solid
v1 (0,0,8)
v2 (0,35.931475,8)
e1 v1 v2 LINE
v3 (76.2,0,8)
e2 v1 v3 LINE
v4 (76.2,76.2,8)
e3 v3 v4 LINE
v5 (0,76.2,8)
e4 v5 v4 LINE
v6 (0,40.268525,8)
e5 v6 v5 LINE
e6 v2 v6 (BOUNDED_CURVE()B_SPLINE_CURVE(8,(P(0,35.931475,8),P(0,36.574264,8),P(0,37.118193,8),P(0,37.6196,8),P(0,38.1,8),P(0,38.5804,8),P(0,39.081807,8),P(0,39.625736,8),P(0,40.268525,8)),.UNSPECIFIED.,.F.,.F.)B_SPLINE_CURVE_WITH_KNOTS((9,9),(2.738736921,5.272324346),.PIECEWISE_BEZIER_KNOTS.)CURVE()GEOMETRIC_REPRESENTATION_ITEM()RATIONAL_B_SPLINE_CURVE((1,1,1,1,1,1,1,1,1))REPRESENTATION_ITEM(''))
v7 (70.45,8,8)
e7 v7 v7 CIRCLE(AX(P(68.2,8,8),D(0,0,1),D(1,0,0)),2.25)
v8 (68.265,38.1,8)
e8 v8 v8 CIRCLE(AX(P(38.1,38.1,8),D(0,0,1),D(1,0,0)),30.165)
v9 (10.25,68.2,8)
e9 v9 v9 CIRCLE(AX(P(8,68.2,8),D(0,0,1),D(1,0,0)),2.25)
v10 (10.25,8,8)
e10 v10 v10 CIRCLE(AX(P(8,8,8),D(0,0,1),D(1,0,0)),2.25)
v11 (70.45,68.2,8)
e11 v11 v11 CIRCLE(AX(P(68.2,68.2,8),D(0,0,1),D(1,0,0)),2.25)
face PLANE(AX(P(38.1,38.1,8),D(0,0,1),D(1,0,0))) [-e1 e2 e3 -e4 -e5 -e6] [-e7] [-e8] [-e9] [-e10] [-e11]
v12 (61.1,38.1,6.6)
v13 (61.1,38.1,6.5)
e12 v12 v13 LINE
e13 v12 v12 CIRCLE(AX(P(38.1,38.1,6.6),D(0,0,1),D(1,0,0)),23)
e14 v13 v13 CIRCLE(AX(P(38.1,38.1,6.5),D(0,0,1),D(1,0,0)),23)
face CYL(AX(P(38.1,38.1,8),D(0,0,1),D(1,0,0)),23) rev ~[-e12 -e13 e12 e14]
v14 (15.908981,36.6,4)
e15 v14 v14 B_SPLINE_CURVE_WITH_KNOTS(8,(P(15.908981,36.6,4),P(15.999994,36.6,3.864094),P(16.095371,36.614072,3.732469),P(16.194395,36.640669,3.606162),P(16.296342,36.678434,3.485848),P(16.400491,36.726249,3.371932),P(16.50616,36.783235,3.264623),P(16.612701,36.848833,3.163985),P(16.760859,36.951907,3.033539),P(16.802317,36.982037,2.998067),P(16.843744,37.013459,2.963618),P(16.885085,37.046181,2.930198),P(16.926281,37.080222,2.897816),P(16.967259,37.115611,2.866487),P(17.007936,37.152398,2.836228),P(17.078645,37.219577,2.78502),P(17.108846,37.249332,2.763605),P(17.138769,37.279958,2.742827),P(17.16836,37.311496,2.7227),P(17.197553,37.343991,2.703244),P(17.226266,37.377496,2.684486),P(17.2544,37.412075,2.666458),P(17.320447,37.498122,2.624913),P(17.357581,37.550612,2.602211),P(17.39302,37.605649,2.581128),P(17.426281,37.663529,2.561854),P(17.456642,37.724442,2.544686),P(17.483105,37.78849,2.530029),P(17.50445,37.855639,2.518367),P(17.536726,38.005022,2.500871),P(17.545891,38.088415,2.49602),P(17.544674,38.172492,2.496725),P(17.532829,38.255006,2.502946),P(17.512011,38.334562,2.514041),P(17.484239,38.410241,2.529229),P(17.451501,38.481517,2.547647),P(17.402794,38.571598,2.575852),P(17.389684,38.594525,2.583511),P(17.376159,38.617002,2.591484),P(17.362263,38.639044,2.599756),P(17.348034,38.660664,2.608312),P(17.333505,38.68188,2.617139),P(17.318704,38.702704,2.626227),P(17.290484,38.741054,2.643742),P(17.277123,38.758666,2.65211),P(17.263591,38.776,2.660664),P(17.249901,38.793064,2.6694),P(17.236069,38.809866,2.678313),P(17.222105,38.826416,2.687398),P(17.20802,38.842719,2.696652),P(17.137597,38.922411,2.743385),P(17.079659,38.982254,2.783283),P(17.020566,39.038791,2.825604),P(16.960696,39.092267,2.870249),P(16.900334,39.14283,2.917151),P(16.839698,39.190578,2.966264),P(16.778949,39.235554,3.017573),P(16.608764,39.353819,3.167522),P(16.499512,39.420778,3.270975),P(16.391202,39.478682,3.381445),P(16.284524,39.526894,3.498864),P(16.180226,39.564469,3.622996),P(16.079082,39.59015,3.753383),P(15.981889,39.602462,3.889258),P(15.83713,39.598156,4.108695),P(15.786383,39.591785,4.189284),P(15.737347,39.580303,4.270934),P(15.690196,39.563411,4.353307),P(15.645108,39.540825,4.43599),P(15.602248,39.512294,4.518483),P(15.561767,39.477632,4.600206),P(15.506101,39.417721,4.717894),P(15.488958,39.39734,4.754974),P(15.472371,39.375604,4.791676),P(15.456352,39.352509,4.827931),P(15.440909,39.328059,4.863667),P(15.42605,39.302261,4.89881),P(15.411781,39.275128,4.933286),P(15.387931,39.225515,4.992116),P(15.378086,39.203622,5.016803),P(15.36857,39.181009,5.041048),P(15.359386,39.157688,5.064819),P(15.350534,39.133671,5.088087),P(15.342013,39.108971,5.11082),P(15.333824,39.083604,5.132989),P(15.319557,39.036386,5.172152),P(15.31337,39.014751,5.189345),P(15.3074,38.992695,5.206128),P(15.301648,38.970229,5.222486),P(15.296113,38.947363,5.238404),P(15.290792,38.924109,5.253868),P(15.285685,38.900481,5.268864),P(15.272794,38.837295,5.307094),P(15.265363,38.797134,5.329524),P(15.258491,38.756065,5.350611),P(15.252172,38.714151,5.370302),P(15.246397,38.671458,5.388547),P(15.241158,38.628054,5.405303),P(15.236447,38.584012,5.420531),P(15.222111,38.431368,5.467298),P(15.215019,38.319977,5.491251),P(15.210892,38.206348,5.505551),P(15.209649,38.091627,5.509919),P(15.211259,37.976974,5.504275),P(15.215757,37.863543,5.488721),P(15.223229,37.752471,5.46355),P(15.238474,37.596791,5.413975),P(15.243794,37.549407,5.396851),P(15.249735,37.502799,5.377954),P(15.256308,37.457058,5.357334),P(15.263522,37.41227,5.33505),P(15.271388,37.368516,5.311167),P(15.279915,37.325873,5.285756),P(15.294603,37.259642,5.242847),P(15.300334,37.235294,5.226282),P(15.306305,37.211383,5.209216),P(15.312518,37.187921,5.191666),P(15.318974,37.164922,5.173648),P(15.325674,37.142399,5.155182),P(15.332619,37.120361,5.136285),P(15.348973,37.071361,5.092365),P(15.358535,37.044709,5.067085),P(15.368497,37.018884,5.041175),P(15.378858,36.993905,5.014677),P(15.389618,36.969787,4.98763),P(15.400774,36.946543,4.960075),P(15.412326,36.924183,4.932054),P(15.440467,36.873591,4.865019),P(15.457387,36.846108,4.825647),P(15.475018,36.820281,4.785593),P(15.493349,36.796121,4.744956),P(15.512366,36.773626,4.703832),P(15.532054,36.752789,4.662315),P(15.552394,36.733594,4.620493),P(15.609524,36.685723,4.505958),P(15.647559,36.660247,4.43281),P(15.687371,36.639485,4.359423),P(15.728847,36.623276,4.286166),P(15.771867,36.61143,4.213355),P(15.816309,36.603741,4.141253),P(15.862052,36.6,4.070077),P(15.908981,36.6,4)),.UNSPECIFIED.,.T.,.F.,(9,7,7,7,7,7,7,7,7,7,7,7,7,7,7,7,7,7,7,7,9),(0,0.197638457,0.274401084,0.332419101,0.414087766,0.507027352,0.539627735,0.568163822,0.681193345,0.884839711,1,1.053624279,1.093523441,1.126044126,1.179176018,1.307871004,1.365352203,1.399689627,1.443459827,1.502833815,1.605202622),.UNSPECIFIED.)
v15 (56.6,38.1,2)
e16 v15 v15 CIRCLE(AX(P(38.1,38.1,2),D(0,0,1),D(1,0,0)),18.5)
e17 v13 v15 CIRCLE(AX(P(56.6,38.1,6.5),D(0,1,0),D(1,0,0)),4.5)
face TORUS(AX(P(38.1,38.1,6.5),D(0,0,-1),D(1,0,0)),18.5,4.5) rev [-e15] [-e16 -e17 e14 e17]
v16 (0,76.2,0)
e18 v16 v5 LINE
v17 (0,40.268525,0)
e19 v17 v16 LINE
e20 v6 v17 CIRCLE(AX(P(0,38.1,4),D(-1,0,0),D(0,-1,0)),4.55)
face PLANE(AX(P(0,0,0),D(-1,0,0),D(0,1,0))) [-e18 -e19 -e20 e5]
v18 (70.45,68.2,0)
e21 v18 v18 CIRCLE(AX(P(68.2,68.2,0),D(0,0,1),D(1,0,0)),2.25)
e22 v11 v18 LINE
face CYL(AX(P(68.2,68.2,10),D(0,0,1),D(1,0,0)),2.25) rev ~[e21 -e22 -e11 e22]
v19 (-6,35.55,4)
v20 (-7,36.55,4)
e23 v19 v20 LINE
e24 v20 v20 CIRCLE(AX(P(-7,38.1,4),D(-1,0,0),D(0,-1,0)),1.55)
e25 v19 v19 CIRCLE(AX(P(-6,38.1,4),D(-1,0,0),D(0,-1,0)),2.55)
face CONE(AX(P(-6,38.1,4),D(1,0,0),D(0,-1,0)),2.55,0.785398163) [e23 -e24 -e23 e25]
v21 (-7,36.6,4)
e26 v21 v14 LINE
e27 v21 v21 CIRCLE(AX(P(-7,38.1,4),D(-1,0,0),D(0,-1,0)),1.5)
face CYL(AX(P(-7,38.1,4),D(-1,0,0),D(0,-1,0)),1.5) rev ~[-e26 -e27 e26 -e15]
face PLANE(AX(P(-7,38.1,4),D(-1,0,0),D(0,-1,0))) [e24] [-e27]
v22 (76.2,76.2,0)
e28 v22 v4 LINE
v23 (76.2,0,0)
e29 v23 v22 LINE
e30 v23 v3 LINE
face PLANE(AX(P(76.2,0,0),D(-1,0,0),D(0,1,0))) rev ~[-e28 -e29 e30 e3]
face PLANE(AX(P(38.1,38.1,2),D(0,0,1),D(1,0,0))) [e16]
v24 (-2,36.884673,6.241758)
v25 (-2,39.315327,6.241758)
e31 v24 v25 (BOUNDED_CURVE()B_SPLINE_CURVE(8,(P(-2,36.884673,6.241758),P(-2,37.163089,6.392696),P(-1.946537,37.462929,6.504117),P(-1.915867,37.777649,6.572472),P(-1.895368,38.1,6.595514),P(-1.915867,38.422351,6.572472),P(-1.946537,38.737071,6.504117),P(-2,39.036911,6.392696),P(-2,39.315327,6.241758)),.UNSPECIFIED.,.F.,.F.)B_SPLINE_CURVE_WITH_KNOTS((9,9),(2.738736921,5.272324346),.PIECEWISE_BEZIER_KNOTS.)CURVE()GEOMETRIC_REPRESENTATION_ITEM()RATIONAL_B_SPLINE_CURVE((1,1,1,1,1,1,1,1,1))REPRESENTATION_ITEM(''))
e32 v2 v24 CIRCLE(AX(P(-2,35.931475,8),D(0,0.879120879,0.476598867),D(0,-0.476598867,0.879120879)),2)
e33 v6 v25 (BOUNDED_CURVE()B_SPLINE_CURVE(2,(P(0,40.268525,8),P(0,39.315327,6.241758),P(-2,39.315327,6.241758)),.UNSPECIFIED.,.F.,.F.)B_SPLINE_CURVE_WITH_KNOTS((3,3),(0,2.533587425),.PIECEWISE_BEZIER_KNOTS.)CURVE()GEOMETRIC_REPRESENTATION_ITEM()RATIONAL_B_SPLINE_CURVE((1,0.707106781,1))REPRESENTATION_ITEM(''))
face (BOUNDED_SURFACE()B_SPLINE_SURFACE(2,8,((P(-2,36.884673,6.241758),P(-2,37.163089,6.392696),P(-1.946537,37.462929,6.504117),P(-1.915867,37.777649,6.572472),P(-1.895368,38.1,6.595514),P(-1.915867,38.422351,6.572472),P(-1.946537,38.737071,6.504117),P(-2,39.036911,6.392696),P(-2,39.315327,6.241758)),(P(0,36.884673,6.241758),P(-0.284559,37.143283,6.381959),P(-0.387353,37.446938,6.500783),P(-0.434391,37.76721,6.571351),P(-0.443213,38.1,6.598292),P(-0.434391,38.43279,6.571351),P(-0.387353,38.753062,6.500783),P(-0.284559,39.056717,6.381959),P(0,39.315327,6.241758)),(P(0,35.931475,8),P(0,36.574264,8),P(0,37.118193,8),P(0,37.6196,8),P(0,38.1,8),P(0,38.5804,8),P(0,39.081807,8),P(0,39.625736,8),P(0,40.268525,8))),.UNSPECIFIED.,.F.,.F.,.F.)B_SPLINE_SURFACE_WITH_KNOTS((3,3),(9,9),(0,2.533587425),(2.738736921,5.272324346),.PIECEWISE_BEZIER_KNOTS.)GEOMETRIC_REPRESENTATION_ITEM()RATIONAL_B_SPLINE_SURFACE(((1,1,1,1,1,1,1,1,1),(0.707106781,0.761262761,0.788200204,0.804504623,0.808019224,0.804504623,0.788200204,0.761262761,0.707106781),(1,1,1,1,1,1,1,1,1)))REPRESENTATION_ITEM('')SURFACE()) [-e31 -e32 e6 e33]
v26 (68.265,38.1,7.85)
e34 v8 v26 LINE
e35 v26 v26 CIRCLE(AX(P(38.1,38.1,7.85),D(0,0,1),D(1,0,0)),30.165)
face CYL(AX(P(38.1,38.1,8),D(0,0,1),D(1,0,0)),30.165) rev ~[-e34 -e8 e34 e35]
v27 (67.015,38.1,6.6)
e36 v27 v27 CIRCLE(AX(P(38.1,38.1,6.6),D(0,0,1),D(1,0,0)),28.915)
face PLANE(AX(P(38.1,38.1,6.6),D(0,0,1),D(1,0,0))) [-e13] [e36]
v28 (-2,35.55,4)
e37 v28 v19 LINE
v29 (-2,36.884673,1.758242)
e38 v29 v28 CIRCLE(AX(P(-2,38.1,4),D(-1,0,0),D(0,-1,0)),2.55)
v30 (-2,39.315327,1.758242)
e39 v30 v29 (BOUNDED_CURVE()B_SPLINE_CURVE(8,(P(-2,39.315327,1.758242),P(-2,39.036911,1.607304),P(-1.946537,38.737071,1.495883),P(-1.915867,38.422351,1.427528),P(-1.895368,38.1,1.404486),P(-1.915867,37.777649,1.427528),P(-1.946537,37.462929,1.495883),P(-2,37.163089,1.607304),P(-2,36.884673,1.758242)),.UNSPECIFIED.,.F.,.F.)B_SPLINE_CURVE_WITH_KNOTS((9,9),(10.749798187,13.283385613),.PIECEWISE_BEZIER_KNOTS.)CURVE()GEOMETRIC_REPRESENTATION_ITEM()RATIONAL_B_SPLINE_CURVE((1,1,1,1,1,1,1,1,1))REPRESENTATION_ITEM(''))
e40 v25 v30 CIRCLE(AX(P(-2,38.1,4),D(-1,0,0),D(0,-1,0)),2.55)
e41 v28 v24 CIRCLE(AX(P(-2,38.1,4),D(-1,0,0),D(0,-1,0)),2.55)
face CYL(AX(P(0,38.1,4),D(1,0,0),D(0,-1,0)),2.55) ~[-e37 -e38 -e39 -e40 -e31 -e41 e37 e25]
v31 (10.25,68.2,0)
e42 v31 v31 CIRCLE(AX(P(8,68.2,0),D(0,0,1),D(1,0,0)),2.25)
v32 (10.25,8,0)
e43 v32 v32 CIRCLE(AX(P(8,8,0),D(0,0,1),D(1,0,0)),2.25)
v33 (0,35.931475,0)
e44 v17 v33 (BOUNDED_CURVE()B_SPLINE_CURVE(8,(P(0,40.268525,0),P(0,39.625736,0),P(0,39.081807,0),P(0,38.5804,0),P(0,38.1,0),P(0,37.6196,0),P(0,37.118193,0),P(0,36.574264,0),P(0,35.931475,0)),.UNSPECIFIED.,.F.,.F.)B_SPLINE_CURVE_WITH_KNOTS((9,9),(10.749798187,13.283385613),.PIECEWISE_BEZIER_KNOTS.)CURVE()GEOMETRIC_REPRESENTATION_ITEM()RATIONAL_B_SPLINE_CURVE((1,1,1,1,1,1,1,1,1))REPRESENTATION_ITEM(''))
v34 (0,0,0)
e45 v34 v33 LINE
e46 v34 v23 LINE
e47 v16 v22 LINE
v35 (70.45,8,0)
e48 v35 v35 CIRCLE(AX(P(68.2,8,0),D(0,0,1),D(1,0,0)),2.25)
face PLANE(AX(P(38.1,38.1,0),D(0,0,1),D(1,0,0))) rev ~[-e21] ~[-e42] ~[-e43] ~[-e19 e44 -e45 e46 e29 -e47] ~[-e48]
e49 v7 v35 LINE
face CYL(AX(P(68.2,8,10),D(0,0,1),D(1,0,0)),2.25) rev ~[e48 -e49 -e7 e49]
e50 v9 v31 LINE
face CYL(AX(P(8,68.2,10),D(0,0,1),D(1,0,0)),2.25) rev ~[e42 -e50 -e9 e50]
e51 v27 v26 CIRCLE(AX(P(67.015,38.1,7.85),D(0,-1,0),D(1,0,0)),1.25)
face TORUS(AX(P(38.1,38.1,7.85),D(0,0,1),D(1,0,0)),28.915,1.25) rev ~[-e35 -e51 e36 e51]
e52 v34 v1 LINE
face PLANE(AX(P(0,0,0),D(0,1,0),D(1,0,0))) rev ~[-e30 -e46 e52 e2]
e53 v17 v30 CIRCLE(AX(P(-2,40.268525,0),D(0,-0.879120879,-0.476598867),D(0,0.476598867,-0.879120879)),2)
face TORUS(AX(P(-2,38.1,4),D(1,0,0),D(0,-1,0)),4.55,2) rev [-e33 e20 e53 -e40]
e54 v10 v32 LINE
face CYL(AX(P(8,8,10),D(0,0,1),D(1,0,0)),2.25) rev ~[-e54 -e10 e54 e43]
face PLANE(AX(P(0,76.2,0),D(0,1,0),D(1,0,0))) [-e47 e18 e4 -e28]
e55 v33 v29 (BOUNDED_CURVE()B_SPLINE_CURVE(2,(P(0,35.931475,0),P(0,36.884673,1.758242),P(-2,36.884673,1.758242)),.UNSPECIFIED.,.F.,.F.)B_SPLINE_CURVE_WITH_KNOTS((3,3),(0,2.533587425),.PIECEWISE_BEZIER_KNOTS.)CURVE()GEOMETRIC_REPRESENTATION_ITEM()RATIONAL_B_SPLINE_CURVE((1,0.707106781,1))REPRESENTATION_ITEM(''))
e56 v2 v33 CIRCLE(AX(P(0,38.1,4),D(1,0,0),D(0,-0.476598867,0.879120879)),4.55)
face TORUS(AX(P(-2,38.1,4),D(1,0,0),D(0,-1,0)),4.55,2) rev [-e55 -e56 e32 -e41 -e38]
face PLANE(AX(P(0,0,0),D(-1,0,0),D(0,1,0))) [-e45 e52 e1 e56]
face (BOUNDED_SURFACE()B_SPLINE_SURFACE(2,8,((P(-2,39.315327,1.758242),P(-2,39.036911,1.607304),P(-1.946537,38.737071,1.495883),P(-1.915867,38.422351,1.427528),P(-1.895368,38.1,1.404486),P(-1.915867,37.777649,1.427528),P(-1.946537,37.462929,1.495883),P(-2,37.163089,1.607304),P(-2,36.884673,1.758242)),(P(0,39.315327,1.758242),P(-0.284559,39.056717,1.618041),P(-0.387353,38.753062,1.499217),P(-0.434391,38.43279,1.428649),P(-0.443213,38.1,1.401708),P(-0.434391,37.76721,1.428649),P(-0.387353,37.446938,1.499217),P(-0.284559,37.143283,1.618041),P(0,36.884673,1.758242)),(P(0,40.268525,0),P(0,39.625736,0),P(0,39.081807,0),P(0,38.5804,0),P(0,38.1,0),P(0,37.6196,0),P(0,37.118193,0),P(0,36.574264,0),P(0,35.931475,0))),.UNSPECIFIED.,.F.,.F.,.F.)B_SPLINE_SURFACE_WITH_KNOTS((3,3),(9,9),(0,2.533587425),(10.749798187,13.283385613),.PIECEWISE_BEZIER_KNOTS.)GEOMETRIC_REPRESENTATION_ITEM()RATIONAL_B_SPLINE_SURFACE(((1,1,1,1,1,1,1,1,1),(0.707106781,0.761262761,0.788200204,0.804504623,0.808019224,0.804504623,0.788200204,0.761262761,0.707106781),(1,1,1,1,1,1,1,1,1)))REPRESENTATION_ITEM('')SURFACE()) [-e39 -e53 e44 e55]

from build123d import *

# Parameters (mm, degrees)
SKETCH_W        = 76.2
SKETCH_H        = 76.2
PAD_DEPTH       = 8
SKETCH002_R     = 2.25
POCKET001_DEPTH = 10.001
SKETCH003_R     = 23
POCKET002_DEPTH = 6
SKETCH004_R     = 2.55
PAD001_DEPTH    = 7
SKETCH006_R     = 30.165
POCKET_DEPTH    = 1.4
CHAMFER_SIZE    = 1
FILLET_R        = 4.5
FILLET001_R     = 1.25
FILLET002_R     = 2
SKETCH005_R     = 1.5
POCKET003_DEPTH = 30


with BuildPart() as part:
    # Sketch → Pad (new body)
    with BuildSketch(Plane.XY):
        with Locations((38.1, 38.1)):
            Rectangle(SKETCH_W, SKETCH_H)
    extrude(amount=PAD_DEPTH)

    # Sketch002 → Pocket001 (cut, through all)
    with BuildSketch(Plane.XY.offset(10)):
        with Locations((8, 8)):
            Circle(SKETCH002_R)
        with Locations((8, 68.2)):
            Circle(SKETCH002_R)
        with Locations((68.2, 68.2)):
            Circle(SKETCH002_R)
        with Locations((68.2, 8)):
            Circle(SKETCH002_R)
    extrude(amount=-POCKET001_DEPTH, mode=Mode.SUBTRACT)

    # Sketch003 (on Face5 of Pocket001) → Pocket002 (cut)
    with BuildSketch(Plane.XY.offset(8)):
        with Locations((38.1, 38.1)):
            Circle(SKETCH003_R)
    extrude(amount=-POCKET002_DEPTH, mode=Mode.SUBTRACT)

    # Sketch004 (on Face2 of Pocket002) → Pad001 (join)
    with BuildSketch(Plane(origin=(0, 0, 0), x_dir=(0, -1, 0), z_dir=(-1, 0, 0))):
        with Locations((-38.1, 4)):
            Circle(SKETCH004_R)
    extrude(amount=PAD001_DEPTH)

    # Sketch006 (on Face5 of Pad001) → Pocket (cut)
    with BuildSketch(Plane.XY.offset(8)):
        with Locations((38.1, 38.1)):
            Circle(SKETCH006_R)
    extrude(amount=-POCKET_DEPTH, mode=Mode.SUBTRACT)

    # Chamfer
    chamfer_edges = [part.edges().sort_by_distance(p)[0] for p in [
        (-7, 40.65, 4),
    ]]
    chamfer(chamfer_edges, length=CHAMFER_SIZE)

    # Fillet
    fillet_edges = [part.edges().sort_by_distance(p)[0] for p in [
        (15.1, 38.1, 2),
    ]]
    fillet(fillet_edges, radius=FILLET_R)

    # Fillet001
    fillet001_edges = [part.edges().sort_by_distance(p)[0] for p in [
        (7.935, 38.1, 6.6),
    ]]
    fillet(fillet001_edges, radius=FILLET001_R)

    # Fillet002
    fillet002_edges = [part.edges().sort_by_distance(p)[0] for p in [
        (0, 40.65, 4),
    ]]
    fillet(fillet002_edges, radius=FILLET002_R)

    # Sketch005 (on Face13 of Pad001) → Pocket003 (cut)
    with BuildSketch(Plane(origin=(-7, 0, 0), x_dir=(0, -1, 0), z_dir=(-1, 0, 0))):
        with Locations((-38.1, 4)):
            Circle(SKETCH005_R)
    extrude(amount=-POCKET003_DEPTH, mode=Mode.SUBTRACT)


solid = part.part
